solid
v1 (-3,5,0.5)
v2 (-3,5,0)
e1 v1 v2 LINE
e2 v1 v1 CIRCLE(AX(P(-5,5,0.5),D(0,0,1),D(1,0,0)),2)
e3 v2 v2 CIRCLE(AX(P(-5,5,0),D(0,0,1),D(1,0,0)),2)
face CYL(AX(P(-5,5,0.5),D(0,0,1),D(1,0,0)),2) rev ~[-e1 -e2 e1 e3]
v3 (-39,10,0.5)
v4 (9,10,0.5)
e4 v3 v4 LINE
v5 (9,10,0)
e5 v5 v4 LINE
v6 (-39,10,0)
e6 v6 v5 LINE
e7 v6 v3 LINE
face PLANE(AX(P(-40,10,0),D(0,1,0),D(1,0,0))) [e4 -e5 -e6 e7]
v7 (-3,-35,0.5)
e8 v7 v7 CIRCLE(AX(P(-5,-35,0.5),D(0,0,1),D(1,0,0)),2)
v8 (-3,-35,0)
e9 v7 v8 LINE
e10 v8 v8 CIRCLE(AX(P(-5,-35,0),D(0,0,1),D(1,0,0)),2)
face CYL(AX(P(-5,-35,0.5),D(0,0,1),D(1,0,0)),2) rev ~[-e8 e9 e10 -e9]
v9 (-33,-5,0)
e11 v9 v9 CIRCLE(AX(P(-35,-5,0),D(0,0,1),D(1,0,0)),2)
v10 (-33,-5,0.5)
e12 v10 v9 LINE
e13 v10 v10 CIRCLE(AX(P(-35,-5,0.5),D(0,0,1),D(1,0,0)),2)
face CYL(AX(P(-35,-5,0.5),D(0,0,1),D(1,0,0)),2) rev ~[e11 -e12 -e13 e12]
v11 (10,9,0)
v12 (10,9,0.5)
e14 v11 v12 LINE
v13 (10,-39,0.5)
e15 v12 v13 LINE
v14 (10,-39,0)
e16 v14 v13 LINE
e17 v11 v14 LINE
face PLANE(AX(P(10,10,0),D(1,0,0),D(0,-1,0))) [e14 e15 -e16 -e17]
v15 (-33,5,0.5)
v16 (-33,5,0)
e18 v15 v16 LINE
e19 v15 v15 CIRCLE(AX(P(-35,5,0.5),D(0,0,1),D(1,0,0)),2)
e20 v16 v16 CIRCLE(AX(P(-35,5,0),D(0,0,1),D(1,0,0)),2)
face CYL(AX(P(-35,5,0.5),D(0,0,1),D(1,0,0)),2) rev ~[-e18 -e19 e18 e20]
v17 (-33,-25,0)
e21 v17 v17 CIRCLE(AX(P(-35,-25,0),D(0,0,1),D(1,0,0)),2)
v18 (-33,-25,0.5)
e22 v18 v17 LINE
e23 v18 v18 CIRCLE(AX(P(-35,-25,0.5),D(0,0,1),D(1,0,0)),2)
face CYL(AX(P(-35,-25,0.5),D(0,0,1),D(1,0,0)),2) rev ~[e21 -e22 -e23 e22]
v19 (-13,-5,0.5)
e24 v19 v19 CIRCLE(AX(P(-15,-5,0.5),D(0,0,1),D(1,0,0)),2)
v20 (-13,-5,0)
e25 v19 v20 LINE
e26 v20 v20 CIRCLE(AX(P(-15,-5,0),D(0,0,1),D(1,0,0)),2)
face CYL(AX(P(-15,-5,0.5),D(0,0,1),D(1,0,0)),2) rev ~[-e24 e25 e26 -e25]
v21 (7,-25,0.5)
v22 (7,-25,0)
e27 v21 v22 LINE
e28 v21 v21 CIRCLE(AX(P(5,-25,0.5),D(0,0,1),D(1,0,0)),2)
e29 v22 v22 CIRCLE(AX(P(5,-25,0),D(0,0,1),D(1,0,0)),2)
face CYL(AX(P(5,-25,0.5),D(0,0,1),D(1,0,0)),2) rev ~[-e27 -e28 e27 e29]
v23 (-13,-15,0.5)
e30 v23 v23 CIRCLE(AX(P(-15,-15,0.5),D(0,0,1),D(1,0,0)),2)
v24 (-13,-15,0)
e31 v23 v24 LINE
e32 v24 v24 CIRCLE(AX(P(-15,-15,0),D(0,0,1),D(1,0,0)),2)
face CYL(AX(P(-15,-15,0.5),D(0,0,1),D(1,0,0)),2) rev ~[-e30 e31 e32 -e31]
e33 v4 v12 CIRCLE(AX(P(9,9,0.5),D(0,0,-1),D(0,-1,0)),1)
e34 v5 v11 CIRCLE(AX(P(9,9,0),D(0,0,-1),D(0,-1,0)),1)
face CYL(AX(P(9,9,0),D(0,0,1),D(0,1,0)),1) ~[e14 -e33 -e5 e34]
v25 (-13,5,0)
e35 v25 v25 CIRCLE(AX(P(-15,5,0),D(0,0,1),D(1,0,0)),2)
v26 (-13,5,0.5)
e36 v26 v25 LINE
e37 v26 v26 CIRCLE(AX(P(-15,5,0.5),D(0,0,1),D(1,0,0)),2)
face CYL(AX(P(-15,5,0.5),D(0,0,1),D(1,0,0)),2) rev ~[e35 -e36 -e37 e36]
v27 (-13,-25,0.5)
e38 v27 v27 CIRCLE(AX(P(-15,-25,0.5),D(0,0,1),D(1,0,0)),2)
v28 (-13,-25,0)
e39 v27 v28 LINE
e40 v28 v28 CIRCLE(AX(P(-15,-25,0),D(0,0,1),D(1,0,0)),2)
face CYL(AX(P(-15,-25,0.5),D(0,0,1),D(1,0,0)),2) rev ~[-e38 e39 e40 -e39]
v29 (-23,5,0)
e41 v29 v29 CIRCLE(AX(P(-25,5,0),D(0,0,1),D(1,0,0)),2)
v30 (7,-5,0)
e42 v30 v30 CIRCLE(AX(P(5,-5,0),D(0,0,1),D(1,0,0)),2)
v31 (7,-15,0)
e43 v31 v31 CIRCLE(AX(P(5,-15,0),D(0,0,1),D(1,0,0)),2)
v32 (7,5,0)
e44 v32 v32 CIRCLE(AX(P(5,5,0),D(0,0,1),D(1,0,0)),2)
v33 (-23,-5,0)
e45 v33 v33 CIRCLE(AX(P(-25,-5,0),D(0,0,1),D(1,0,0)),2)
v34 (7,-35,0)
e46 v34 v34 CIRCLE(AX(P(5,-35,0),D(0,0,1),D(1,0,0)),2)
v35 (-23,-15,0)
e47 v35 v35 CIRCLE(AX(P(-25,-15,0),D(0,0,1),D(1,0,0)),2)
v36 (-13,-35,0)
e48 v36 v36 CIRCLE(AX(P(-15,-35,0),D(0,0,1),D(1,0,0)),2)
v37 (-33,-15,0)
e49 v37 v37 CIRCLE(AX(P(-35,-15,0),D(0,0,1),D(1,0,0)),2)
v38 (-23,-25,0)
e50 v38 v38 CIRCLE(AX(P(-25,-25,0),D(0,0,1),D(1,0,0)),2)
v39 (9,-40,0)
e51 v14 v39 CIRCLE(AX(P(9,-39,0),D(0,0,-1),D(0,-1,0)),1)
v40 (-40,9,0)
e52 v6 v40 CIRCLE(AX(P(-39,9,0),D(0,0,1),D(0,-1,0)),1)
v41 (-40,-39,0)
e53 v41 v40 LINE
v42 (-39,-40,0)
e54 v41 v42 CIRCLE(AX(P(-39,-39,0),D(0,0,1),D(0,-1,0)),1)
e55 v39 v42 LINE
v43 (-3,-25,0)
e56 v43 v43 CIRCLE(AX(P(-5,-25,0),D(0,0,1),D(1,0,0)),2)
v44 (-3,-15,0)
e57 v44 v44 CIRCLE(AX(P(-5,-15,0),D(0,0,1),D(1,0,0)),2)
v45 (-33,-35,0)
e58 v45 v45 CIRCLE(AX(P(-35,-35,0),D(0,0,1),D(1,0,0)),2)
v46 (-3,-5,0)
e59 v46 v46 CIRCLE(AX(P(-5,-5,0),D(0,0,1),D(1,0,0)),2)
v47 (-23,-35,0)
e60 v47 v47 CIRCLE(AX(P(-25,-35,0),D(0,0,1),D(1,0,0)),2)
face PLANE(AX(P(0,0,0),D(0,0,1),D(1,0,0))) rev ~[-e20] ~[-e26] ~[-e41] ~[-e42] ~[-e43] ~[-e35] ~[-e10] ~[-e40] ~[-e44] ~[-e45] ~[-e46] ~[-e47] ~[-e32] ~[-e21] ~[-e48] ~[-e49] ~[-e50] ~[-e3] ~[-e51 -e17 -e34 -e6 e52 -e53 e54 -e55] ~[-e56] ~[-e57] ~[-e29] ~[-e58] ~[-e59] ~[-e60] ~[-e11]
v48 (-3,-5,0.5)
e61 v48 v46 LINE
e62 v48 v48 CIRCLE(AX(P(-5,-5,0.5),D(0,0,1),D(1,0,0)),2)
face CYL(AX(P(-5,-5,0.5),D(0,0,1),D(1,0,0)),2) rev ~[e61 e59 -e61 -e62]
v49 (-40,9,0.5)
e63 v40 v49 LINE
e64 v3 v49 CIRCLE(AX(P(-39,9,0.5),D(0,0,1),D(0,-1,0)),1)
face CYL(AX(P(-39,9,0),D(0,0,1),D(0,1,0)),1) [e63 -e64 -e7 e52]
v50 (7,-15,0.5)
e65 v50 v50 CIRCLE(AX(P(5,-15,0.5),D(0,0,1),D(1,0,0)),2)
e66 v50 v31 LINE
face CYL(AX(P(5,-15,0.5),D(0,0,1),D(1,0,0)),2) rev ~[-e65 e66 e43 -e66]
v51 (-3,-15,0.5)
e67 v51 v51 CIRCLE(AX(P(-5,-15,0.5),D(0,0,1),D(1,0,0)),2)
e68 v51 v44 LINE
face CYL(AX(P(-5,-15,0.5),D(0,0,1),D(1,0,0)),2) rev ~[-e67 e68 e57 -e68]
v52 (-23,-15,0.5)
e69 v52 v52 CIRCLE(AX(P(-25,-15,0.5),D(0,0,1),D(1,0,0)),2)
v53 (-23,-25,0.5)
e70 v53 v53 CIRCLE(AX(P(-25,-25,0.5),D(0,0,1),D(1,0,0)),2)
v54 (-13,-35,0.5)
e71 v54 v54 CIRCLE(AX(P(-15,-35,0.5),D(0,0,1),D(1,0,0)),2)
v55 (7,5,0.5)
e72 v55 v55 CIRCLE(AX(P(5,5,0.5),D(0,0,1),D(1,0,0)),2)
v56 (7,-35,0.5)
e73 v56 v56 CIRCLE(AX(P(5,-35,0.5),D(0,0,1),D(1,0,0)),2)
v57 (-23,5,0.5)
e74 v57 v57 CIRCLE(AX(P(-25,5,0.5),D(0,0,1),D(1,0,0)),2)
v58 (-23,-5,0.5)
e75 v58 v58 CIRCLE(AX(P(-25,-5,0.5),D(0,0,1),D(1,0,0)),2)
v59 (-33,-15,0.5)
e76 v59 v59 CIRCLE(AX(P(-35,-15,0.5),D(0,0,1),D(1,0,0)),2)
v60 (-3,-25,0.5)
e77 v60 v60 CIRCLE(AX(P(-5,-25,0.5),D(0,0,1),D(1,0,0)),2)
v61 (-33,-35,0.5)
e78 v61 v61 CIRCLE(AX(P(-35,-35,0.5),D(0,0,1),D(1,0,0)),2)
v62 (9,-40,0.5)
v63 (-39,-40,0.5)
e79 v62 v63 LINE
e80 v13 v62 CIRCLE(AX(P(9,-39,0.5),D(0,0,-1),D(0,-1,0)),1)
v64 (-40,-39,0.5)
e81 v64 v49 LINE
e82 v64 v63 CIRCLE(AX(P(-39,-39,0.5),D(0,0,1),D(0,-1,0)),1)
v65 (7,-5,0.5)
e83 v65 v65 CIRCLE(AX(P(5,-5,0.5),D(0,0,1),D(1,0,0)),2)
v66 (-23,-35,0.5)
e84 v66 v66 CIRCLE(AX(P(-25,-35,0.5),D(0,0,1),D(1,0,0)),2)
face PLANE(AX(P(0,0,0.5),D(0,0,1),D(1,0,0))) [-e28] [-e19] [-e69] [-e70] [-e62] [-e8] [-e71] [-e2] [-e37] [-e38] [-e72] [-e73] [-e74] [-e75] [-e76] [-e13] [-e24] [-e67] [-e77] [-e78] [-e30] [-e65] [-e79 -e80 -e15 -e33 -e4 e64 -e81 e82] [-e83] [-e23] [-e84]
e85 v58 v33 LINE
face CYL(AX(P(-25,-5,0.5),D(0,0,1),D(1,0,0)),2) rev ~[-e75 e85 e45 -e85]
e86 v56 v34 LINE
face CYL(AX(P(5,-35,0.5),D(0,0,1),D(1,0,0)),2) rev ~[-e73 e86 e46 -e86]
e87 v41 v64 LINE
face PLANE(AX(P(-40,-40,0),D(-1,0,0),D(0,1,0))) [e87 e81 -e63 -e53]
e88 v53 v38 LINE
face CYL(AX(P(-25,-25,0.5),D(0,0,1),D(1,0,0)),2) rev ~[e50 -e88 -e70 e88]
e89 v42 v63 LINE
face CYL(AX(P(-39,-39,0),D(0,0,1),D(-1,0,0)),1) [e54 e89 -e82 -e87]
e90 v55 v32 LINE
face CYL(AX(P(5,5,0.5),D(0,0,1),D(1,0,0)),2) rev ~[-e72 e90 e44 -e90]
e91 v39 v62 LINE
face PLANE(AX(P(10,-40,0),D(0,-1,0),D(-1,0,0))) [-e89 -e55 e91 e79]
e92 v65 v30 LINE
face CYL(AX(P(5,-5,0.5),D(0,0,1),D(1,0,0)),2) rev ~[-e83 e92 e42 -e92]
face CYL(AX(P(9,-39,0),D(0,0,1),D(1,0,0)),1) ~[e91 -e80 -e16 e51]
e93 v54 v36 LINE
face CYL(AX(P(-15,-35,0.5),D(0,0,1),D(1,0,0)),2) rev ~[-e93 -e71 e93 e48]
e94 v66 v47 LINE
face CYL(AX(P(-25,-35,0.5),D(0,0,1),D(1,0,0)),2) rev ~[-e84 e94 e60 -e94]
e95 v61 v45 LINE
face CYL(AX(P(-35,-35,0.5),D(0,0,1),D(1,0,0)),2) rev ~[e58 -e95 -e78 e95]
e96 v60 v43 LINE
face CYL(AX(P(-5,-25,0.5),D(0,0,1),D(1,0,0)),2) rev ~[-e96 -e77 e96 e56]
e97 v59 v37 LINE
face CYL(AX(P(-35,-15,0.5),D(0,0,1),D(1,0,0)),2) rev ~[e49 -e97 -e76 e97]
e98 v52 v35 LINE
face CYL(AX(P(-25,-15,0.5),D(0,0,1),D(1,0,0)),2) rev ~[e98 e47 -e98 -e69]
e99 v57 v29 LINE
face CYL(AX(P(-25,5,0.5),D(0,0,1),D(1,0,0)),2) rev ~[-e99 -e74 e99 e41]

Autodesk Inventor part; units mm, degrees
ref_plane "YZ Plane" through (0, 0, 0) normal (1, 0, 0) x (0, 1, 0)
ref_plane "XZ Plane" through (0, 0, 0) normal (0, 1, 0) x (-1, 0, 0)
ref_plane "XY Plane" through (0, 0, 0) normal (0, 0, 1) x (1, 0, 0)
sketch "Náčrt1" plane through (0, 0, 0) normal (0, 0, 1) x (1, 0, 0)
  line L0 (-40, 10) -> (10, 10)
  line L1 (10, 10) -> (10, -40)
  line L2 (10, -40) -> (-40, -40)
  line L3 (-40, -40) -> (-40, 10)
  point P0 (0, 0)
  dimension "d0" = 50
  dimension "d1" = 50
  dimension "d2" = 10
  dimension "d3" = 10
extrude "Vysunutí1" add sketch "Náčrt1" along normal blind 0.5
sketch "Náčrt2" plane through (0, 0, 0.5) normal (0, 0, 1) x (1, 0, 0)
  circle A0 centre (-35, 5) radius 2
  line L0 (10, 10) -> (-40, 10) projected
  line L1 (-40, 10) -> (-40, -40) projected
  point P0 (0, 0)
  dimension "d6" = 4
  dimension "d7" = 5
  dimension "d8" = 5
extrude "Vysunutí2" cut sketch "Náčrt2" against normal blind 0.5
pattern_linear "Obdélníkové pole1" count 5 spacing 10 along (1, 0, 0) count 5 spacing 10 along (0, -1, 0) of "Vysunutí2"
fillet "Zaoblení1" radius 1 1 edges at (10, 10, 0.25)
fillet "Zaoblení2" radius 1 2 edges at (-40, 10, 0.25) (-40, -40, 0.25)
fillet "Zaoblení3" radius 1 1 edges at (10, -40, 0.25)
properties part number "1072"
